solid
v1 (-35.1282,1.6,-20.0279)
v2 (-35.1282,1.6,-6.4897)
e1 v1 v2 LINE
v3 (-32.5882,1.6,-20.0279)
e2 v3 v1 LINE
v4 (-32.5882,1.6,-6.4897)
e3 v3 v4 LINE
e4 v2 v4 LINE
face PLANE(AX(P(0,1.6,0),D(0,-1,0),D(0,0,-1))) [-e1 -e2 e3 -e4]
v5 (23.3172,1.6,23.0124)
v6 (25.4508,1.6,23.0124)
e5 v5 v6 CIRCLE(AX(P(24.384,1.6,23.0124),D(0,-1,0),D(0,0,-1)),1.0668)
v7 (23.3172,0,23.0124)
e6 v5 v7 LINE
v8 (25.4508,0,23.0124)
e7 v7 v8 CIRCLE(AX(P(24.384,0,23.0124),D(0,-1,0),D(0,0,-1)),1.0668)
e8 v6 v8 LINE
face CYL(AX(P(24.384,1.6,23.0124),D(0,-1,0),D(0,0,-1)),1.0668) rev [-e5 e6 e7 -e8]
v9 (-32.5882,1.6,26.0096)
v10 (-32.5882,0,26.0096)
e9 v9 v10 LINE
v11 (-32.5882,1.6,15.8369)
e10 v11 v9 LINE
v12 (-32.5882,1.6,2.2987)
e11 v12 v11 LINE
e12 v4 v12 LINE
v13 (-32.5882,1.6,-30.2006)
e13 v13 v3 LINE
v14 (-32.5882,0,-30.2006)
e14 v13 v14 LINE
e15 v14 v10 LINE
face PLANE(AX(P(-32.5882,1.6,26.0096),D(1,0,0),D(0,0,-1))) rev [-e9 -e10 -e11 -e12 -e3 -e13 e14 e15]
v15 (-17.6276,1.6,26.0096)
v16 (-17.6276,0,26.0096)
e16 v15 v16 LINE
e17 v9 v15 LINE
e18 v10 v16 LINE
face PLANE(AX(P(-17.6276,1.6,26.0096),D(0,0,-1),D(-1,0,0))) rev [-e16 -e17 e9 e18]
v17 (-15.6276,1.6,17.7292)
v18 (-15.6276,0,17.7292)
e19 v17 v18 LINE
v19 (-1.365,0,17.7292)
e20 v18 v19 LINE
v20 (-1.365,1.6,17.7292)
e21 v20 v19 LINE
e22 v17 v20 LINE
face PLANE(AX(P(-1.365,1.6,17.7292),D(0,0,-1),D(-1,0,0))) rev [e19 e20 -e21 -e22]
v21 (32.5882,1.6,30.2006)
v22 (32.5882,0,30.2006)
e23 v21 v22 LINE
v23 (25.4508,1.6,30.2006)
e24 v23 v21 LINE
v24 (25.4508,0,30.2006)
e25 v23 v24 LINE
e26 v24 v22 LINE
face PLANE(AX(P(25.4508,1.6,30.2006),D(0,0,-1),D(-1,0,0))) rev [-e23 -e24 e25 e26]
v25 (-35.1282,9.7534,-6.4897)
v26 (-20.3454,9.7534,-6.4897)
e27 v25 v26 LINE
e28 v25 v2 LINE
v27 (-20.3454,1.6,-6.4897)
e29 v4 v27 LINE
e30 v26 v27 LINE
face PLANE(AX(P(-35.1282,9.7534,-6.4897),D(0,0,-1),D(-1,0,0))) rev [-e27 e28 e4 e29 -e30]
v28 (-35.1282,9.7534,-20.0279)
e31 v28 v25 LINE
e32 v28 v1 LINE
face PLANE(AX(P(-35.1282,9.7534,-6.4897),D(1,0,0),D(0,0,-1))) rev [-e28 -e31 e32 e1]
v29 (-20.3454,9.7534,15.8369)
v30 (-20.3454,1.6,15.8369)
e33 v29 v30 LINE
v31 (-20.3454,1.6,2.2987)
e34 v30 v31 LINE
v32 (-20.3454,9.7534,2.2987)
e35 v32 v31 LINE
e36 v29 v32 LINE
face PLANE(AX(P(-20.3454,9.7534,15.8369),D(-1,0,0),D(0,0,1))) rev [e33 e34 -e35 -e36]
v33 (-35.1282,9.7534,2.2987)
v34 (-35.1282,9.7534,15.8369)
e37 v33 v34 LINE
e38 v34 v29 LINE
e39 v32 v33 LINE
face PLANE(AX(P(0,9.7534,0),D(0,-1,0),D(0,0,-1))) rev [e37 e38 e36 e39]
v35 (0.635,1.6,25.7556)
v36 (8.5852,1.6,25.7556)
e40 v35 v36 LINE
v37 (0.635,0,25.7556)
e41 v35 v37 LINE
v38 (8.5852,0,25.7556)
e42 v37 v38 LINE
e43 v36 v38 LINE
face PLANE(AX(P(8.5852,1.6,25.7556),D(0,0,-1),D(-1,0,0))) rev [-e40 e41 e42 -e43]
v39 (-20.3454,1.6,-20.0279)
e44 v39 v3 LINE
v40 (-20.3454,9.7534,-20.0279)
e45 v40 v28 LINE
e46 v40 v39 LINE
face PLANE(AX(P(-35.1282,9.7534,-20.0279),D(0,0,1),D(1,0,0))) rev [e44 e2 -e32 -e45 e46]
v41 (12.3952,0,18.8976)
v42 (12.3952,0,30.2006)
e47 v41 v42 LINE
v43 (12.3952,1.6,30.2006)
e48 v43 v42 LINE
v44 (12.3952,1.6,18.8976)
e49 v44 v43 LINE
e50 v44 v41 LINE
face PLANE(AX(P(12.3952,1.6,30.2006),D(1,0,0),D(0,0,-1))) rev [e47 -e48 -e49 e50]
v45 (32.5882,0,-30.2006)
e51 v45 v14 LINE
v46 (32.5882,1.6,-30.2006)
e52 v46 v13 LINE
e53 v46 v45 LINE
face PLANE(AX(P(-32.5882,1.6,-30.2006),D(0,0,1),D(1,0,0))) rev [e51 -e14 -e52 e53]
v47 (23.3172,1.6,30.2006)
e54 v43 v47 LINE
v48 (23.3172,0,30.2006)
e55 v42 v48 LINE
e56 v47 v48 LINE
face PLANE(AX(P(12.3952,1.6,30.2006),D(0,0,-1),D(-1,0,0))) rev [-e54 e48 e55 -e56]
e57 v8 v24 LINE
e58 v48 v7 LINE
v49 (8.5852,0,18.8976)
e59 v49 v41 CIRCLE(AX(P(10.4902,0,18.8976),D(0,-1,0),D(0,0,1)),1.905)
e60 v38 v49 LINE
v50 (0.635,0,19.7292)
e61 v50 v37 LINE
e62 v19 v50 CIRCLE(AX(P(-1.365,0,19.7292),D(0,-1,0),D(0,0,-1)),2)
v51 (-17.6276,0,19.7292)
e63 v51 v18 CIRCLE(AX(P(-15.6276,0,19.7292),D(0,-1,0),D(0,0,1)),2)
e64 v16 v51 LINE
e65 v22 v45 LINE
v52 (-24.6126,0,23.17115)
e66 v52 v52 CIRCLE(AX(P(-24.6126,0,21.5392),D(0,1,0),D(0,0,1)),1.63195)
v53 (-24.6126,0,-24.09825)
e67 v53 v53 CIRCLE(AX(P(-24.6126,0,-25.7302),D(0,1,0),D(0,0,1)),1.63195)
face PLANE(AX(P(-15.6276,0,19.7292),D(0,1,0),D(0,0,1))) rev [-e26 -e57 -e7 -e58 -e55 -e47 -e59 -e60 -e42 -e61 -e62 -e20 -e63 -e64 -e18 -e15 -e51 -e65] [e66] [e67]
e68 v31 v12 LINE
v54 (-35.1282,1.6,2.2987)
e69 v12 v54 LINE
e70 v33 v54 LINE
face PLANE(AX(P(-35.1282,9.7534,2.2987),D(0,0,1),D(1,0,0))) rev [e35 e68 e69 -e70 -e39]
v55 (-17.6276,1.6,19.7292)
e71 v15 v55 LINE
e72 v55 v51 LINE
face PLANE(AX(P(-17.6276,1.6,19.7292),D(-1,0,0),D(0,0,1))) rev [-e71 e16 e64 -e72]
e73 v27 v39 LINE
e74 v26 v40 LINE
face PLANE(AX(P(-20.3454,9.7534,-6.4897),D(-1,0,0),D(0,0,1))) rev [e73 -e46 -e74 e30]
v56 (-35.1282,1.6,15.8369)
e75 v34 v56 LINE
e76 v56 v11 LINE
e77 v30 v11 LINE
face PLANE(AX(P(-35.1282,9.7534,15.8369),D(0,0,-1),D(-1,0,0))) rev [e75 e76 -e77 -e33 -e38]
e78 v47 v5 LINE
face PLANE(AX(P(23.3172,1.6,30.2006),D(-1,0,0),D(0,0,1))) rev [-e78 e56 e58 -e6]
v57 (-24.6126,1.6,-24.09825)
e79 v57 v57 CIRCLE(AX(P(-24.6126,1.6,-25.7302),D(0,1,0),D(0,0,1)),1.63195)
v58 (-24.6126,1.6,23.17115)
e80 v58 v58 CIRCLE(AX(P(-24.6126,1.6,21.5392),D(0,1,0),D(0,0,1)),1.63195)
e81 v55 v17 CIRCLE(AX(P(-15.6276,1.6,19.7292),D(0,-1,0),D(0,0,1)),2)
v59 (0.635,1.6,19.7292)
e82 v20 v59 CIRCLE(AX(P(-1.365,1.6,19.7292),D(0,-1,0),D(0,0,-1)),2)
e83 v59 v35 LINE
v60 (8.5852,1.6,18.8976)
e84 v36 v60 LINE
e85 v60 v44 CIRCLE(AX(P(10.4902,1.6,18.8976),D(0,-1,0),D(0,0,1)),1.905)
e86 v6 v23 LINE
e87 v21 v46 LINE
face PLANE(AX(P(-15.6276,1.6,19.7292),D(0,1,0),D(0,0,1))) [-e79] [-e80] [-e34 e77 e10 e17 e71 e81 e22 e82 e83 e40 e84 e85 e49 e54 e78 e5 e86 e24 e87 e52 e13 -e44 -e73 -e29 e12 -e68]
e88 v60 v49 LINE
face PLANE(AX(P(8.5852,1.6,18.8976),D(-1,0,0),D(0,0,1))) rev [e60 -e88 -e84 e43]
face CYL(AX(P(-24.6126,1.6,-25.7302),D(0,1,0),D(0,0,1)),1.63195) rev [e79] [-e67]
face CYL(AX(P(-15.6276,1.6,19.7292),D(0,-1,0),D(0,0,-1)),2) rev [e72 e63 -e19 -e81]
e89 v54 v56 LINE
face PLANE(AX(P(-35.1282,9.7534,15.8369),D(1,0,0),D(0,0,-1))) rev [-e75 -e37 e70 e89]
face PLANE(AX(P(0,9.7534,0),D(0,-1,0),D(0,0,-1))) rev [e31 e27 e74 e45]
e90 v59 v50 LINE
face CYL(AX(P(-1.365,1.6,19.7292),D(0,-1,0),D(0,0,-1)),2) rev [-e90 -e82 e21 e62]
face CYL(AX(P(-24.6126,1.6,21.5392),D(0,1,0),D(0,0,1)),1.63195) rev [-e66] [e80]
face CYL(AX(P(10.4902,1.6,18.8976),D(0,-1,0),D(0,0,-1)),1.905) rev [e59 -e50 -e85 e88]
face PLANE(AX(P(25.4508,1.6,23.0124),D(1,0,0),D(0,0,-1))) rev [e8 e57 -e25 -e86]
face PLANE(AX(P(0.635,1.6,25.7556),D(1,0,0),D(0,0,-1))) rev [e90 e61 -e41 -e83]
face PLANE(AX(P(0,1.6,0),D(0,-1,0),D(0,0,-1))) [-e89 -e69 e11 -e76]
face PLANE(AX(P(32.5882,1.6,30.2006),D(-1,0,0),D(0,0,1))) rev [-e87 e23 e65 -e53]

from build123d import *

# Parameters (mm, degrees)
BOSS_EXTRUDE1_DEPTH   = 1.6
F_4_CLEARANCE_HOLE1_D = 3.2639
SKETCH4_W             = 14.7828
SKETCH4_H             = 13.5382
BOSS_EXTRUDE2_DEPTH   = 8.1534


with BuildPart() as part:
    # Sketch1 → Boss-Extrude1 (new body)
    with BuildSketch(Plane(origin=(0, 0, 0), x_dir=(1, 0, 0), z_dir=(0, 1, 0))):
        with BuildLine():
            Line((23.3172, -30.2006), (23.3172, -23.0124))
            ThreePointArc((23.3172, -23.0124), (24.384, -21.9456), (25.4508, -23.0124))
            Line((25.4508, -23.0124), (25.4508, -30.2006))
            Line((25.4508, -30.2006), (32.5882, -30.2006))
            Line((32.5882, -30.2006), (32.5882, 30.2006))
            Line((32.5882, 30.2006), (-32.5882, 30.2006))
            Line((-32.5882, 30.2006), (-32.5882, -26.0096))
            Line((-32.5882, -26.0096), (-17.6276, -26.0096))
            Line((-17.6276, -26.0096), (-17.6276, -19.7292))
            ThreePointArc((-17.6276, -19.7292), (-17.041813562, -18.314986438), (-15.6276, -17.7292))
            Line((-15.6276, -17.7292), (-1.365, -17.7292))
            ThreePointArc((-1.365, -17.7292), (0.049213562, -18.314986438), (0.635, -19.7292))
            Line((0.635, -19.7292), (0.635, -25.7556))
            Line((0.635, -25.7556), (8.5852, -25.7556))
            Line((8.5852, -25.7556), (8.5852, -18.8976))
            ThreePointArc((8.5852, -18.8976), (10.4902, -16.9926), (12.3952, -18.8976))
            Line((12.3952, -18.8976), (12.3952, -30.2006))
            Line((12.3952, -30.2006), (23.3172, -30.2006))
        make_face()
    extrude(amount=BOSS_EXTRUDE1_DEPTH)

    # #4 Clearance Hole1 (through all)
    with Locations(Plane(origin=(0, 1.6, 0), x_dir=(1, 0, 0), z_dir=(0, 1, 0))):
        with Locations((-24.6126, 25.7302), (-24.6126, -21.5392)):
            Hole(F_4_CLEARANCE_HOLE1_D / 2)

    # Sketch4 → Boss-Extrude2 (add)
    with BuildSketch(Plane(origin=(0, 1.6, 0), x_dir=(1, 0, 0), z_dir=(0, 1, 0))):
        with Locations((-27.7368, 13.2588)):
            Rectangle(SKETCH4_W, SKETCH4_H)
        with Locations((-27.7368, -9.0678)):
            Rectangle(SKETCH4_W, SKETCH4_H)
    extrude(amount=BOSS_EXTRUDE2_DEPTH)


solid = part.part
